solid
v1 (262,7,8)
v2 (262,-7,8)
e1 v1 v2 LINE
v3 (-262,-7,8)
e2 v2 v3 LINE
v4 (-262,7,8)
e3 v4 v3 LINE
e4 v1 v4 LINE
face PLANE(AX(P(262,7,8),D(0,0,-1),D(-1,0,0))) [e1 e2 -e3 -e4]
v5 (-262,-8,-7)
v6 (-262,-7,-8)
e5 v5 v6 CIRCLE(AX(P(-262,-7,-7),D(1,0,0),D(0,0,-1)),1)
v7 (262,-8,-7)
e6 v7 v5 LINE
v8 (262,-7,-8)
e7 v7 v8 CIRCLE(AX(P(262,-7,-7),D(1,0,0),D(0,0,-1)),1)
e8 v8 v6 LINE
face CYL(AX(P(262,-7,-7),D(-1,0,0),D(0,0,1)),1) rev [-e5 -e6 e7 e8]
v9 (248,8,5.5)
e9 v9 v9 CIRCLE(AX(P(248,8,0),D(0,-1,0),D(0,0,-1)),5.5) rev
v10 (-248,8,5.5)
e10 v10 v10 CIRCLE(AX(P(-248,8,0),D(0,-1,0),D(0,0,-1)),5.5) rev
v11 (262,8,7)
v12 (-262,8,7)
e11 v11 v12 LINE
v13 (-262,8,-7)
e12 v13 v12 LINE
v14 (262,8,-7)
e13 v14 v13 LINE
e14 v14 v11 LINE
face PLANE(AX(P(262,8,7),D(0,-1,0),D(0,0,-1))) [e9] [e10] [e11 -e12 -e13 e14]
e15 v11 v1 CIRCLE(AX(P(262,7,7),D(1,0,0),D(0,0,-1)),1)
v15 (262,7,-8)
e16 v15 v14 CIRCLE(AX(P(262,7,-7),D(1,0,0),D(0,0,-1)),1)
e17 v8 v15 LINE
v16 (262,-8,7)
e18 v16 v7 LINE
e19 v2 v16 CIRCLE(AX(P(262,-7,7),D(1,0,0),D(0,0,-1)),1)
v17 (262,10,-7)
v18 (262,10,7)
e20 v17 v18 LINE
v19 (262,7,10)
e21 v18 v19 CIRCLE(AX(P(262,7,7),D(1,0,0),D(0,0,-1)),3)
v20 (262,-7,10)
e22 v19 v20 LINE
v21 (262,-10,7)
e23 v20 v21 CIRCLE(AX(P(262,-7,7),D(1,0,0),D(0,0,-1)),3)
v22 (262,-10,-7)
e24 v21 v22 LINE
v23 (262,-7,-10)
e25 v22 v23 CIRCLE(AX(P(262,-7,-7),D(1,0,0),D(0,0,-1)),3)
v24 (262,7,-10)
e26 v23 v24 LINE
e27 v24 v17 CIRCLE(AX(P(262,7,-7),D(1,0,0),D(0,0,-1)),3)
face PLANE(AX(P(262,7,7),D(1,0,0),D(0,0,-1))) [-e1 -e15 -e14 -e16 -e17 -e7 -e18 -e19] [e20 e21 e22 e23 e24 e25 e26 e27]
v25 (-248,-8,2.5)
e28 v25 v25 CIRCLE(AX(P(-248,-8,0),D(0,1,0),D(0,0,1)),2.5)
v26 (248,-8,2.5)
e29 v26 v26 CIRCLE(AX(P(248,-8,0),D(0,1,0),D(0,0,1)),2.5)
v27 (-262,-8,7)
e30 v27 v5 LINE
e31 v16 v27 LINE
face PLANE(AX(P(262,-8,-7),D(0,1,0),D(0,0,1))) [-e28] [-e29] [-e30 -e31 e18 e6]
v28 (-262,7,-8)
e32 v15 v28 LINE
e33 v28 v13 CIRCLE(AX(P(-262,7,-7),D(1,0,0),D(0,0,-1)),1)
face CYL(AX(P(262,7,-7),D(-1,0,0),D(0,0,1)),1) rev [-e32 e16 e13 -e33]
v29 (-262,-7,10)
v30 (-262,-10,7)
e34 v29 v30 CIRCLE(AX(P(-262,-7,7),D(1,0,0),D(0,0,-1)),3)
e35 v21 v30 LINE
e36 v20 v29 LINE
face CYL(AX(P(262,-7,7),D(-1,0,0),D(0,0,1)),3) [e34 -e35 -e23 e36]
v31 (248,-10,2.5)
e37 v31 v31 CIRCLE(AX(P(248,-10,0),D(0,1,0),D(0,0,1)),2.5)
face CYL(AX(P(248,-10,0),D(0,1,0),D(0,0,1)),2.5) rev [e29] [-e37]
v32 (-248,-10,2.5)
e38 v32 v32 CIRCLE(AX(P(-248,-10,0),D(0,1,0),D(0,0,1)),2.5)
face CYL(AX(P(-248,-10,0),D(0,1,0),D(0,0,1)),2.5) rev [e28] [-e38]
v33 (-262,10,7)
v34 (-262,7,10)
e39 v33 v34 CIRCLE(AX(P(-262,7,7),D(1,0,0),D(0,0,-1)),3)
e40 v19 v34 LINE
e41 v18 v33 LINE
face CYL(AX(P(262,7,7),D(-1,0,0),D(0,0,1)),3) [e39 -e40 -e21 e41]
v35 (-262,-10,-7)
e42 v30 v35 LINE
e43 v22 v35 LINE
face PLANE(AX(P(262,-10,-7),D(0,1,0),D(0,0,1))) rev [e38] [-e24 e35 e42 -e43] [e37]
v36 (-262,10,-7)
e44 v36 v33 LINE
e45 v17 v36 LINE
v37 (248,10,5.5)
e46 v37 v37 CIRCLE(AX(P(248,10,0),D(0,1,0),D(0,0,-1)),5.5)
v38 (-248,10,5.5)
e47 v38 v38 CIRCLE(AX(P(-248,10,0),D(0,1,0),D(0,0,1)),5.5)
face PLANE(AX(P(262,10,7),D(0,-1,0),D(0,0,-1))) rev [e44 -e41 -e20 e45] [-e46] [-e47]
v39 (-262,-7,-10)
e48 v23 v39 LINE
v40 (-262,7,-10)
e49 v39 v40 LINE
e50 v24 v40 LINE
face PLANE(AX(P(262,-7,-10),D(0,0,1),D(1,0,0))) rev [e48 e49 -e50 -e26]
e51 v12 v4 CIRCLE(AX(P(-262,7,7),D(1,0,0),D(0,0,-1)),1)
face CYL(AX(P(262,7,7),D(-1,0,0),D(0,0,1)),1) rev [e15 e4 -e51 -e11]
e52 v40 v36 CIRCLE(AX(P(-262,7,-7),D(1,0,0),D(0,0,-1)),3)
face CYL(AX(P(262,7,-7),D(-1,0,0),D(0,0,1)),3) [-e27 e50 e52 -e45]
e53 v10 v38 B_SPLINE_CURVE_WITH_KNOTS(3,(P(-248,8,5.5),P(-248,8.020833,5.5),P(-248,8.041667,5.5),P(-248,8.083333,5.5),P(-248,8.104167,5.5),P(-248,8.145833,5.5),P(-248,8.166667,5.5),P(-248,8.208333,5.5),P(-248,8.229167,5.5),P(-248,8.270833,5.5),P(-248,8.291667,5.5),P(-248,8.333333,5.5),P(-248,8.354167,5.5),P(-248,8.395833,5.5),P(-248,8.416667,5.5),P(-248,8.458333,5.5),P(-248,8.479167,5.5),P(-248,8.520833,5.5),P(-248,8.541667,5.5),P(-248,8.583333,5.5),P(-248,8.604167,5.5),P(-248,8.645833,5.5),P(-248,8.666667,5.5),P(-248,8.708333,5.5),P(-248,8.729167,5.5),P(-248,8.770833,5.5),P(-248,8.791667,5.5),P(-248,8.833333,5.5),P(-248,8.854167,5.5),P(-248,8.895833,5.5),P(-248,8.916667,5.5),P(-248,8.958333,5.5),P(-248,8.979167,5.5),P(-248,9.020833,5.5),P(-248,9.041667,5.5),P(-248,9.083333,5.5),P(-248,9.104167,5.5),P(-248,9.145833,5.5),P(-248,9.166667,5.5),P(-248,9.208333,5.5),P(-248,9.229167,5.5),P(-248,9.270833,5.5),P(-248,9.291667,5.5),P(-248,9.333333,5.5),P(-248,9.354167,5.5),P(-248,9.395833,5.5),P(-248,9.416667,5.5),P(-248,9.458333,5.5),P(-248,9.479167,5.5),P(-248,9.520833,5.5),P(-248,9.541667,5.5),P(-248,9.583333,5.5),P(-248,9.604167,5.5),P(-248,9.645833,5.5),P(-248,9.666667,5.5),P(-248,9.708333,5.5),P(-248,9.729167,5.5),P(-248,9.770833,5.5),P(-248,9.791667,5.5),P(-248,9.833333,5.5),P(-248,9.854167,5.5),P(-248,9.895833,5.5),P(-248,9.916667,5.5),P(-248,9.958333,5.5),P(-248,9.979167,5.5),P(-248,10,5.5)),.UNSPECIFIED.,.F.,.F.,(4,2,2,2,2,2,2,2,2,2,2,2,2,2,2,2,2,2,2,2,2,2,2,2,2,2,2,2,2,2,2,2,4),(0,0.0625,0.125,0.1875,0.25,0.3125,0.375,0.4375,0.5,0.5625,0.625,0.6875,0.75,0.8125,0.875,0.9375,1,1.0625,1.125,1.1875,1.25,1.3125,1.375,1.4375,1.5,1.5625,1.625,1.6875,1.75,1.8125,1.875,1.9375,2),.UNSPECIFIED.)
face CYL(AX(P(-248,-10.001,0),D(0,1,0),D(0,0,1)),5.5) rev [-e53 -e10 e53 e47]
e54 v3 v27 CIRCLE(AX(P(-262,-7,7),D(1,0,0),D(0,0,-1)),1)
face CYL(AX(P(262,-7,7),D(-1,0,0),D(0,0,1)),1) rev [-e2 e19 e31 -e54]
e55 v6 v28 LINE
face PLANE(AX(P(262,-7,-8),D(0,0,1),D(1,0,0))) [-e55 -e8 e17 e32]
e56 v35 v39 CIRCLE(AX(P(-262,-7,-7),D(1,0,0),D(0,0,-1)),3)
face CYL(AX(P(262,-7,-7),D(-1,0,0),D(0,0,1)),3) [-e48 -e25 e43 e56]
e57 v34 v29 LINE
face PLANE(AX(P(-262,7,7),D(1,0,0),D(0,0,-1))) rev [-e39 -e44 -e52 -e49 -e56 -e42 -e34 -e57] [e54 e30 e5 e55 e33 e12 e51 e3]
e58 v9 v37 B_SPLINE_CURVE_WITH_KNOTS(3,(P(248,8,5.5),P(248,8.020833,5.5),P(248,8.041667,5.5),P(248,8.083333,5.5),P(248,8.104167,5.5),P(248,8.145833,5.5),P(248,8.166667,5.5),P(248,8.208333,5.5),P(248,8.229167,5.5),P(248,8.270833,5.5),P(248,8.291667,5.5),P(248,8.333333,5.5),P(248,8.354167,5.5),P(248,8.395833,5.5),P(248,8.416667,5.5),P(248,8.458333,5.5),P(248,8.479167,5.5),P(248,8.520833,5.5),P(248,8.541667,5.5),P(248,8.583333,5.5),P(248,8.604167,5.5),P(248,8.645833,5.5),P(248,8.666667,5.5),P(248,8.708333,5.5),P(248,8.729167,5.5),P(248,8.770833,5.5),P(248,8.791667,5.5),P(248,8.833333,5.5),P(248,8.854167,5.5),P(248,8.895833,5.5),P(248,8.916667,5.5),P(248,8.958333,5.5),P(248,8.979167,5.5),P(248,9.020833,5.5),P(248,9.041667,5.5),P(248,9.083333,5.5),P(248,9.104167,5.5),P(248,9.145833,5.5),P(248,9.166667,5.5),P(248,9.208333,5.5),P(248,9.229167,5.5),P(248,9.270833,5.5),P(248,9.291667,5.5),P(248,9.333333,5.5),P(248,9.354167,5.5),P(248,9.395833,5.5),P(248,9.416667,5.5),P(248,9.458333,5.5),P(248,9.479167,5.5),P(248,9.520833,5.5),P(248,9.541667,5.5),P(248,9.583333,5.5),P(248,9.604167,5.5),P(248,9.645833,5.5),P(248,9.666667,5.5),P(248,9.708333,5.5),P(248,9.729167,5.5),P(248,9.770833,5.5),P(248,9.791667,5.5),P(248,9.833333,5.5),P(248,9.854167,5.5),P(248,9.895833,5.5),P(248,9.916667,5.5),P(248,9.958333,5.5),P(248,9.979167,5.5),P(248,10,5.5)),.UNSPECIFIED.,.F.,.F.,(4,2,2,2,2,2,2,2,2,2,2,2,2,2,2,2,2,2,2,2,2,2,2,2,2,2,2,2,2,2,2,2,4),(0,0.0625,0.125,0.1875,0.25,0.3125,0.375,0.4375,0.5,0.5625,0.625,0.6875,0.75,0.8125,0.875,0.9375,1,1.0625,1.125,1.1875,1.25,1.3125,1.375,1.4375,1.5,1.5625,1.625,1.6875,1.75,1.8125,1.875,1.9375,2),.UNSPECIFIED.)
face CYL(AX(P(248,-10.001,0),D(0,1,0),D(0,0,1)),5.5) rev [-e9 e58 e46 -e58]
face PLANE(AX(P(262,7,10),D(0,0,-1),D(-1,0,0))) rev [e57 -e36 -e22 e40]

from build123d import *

# Parameters (mm, degrees)
F_20_X_20_X_2_1_DEPTH = 524
CUT_EXTRUDE_1_REACH   = 264.952
SKETCH_3_R            = 5.5
SKETCH_4_R            = 2.5
CUT_EXTRUDE_2_DEPTH   = 263.807914645


with BuildPart() as part:
    # Sketch1 → Квадратная труба 20 X 20 X 2(1) (new body)
    with BuildSketch(Plane.YZ.offset(-262)):
        with BuildLine():
            Line((-7, -10), (7, -10))
            ThreePointArc((7, -10), (9.121320344, -9.121320344), (10, -7))
            Line((10, -7), (10, 7))
            ThreePointArc((10, 7), (9.121320344, 9.121320344), (7, 10))
            Line((7, 10), (-7, 10))
            ThreePointArc((-7, 10), (-9.121320344, 9.121320344), (-10, 7))
            Line((-10, 7), (-10, -7))
            ThreePointArc((-10, -7), (-9.121320344, -9.121320344), (-7, -10))
        make_face()
        with BuildLine():
            Line((-7, -8), (7, -8))
            ThreePointArc((7, -8), (7.707106781, -7.707106781), (8, -7))
            Line((8, -7), (8, 7))
            ThreePointArc((8, 7), (7.707106781, 7.707106781), (7, 8))
            Line((7, 8), (-7, 8))
            ThreePointArc((-7, 8), (-7.707106781, 7.707106781), (-8, 7))
            Line((-8, 7), (-8, -7))
            ThreePointArc((-8, -7), (-7.707106781, -7.707106781), (-7, -8))
        make_face(mode=Mode.SUBTRACT)
    extrude(amount=F_20_X_20_X_2_1_DEPTH)

    # Эскиз3 → Вырез-Вытянуть1 (cut, up to next)
    with BuildSketch(Plane(origin=(0, 10, 0), x_dir=(1, 0, 0), z_dir=(0, 1, 0)), mode=Mode.PRIVATE) as cut_extrude_1_sk1:
        with Locations(Location((-248, 0, 0), (0, 0, 270))):
            Circle(SKETCH_3_R)
    cut_extrude_1_tool1 = extrude(cut_extrude_1_sk1.sketch, amount=-CUT_EXTRUDE_1_REACH, mode=Mode.PRIVATE) & part.part
    # Эскиз3 → Вырез-Вытянуть1 (cut, up to next)
    with BuildSketch(Plane(origin=(0, 10, 0), x_dir=(1, 0, 0), z_dir=(0, 1, 0)), mode=Mode.PRIVATE) as cut_extrude_1_sk2:
        with Locations(Location((248, 0, 0), (0, 0, 270))):
            Circle(SKETCH_3_R)
    cut_extrude_1_tool2 = extrude(cut_extrude_1_sk2.sketch, amount=-CUT_EXTRUDE_1_REACH, mode=Mode.PRIVATE) & part.part
    add(cut_extrude_1_tool1.solids().sort_by_distance((-248, 10, 0))[0], mode=Mode.SUBTRACT)
    add(cut_extrude_1_tool2.solids().sort_by_distance((248, 10, 0))[0], mode=Mode.SUBTRACT)

    # Эскиз4 → Вырез-Вытянуть2 (cut, through all)
    with BuildSketch(Plane(origin=(0, -8, 0), x_dir=(1, 0, 0), z_dir=(0, 1, 0))):
        with Locations(Location((-248, 0, 0), (0, 0, 270))):
            Circle(SKETCH_4_R)
        with Locations(Location((248, 0, 0), (0, 0, 270))):
            Circle(SKETCH_4_R)
    extrude(amount=-CUT_EXTRUDE_2_DEPTH, mode=Mode.SUBTRACT)


solid = part.part
